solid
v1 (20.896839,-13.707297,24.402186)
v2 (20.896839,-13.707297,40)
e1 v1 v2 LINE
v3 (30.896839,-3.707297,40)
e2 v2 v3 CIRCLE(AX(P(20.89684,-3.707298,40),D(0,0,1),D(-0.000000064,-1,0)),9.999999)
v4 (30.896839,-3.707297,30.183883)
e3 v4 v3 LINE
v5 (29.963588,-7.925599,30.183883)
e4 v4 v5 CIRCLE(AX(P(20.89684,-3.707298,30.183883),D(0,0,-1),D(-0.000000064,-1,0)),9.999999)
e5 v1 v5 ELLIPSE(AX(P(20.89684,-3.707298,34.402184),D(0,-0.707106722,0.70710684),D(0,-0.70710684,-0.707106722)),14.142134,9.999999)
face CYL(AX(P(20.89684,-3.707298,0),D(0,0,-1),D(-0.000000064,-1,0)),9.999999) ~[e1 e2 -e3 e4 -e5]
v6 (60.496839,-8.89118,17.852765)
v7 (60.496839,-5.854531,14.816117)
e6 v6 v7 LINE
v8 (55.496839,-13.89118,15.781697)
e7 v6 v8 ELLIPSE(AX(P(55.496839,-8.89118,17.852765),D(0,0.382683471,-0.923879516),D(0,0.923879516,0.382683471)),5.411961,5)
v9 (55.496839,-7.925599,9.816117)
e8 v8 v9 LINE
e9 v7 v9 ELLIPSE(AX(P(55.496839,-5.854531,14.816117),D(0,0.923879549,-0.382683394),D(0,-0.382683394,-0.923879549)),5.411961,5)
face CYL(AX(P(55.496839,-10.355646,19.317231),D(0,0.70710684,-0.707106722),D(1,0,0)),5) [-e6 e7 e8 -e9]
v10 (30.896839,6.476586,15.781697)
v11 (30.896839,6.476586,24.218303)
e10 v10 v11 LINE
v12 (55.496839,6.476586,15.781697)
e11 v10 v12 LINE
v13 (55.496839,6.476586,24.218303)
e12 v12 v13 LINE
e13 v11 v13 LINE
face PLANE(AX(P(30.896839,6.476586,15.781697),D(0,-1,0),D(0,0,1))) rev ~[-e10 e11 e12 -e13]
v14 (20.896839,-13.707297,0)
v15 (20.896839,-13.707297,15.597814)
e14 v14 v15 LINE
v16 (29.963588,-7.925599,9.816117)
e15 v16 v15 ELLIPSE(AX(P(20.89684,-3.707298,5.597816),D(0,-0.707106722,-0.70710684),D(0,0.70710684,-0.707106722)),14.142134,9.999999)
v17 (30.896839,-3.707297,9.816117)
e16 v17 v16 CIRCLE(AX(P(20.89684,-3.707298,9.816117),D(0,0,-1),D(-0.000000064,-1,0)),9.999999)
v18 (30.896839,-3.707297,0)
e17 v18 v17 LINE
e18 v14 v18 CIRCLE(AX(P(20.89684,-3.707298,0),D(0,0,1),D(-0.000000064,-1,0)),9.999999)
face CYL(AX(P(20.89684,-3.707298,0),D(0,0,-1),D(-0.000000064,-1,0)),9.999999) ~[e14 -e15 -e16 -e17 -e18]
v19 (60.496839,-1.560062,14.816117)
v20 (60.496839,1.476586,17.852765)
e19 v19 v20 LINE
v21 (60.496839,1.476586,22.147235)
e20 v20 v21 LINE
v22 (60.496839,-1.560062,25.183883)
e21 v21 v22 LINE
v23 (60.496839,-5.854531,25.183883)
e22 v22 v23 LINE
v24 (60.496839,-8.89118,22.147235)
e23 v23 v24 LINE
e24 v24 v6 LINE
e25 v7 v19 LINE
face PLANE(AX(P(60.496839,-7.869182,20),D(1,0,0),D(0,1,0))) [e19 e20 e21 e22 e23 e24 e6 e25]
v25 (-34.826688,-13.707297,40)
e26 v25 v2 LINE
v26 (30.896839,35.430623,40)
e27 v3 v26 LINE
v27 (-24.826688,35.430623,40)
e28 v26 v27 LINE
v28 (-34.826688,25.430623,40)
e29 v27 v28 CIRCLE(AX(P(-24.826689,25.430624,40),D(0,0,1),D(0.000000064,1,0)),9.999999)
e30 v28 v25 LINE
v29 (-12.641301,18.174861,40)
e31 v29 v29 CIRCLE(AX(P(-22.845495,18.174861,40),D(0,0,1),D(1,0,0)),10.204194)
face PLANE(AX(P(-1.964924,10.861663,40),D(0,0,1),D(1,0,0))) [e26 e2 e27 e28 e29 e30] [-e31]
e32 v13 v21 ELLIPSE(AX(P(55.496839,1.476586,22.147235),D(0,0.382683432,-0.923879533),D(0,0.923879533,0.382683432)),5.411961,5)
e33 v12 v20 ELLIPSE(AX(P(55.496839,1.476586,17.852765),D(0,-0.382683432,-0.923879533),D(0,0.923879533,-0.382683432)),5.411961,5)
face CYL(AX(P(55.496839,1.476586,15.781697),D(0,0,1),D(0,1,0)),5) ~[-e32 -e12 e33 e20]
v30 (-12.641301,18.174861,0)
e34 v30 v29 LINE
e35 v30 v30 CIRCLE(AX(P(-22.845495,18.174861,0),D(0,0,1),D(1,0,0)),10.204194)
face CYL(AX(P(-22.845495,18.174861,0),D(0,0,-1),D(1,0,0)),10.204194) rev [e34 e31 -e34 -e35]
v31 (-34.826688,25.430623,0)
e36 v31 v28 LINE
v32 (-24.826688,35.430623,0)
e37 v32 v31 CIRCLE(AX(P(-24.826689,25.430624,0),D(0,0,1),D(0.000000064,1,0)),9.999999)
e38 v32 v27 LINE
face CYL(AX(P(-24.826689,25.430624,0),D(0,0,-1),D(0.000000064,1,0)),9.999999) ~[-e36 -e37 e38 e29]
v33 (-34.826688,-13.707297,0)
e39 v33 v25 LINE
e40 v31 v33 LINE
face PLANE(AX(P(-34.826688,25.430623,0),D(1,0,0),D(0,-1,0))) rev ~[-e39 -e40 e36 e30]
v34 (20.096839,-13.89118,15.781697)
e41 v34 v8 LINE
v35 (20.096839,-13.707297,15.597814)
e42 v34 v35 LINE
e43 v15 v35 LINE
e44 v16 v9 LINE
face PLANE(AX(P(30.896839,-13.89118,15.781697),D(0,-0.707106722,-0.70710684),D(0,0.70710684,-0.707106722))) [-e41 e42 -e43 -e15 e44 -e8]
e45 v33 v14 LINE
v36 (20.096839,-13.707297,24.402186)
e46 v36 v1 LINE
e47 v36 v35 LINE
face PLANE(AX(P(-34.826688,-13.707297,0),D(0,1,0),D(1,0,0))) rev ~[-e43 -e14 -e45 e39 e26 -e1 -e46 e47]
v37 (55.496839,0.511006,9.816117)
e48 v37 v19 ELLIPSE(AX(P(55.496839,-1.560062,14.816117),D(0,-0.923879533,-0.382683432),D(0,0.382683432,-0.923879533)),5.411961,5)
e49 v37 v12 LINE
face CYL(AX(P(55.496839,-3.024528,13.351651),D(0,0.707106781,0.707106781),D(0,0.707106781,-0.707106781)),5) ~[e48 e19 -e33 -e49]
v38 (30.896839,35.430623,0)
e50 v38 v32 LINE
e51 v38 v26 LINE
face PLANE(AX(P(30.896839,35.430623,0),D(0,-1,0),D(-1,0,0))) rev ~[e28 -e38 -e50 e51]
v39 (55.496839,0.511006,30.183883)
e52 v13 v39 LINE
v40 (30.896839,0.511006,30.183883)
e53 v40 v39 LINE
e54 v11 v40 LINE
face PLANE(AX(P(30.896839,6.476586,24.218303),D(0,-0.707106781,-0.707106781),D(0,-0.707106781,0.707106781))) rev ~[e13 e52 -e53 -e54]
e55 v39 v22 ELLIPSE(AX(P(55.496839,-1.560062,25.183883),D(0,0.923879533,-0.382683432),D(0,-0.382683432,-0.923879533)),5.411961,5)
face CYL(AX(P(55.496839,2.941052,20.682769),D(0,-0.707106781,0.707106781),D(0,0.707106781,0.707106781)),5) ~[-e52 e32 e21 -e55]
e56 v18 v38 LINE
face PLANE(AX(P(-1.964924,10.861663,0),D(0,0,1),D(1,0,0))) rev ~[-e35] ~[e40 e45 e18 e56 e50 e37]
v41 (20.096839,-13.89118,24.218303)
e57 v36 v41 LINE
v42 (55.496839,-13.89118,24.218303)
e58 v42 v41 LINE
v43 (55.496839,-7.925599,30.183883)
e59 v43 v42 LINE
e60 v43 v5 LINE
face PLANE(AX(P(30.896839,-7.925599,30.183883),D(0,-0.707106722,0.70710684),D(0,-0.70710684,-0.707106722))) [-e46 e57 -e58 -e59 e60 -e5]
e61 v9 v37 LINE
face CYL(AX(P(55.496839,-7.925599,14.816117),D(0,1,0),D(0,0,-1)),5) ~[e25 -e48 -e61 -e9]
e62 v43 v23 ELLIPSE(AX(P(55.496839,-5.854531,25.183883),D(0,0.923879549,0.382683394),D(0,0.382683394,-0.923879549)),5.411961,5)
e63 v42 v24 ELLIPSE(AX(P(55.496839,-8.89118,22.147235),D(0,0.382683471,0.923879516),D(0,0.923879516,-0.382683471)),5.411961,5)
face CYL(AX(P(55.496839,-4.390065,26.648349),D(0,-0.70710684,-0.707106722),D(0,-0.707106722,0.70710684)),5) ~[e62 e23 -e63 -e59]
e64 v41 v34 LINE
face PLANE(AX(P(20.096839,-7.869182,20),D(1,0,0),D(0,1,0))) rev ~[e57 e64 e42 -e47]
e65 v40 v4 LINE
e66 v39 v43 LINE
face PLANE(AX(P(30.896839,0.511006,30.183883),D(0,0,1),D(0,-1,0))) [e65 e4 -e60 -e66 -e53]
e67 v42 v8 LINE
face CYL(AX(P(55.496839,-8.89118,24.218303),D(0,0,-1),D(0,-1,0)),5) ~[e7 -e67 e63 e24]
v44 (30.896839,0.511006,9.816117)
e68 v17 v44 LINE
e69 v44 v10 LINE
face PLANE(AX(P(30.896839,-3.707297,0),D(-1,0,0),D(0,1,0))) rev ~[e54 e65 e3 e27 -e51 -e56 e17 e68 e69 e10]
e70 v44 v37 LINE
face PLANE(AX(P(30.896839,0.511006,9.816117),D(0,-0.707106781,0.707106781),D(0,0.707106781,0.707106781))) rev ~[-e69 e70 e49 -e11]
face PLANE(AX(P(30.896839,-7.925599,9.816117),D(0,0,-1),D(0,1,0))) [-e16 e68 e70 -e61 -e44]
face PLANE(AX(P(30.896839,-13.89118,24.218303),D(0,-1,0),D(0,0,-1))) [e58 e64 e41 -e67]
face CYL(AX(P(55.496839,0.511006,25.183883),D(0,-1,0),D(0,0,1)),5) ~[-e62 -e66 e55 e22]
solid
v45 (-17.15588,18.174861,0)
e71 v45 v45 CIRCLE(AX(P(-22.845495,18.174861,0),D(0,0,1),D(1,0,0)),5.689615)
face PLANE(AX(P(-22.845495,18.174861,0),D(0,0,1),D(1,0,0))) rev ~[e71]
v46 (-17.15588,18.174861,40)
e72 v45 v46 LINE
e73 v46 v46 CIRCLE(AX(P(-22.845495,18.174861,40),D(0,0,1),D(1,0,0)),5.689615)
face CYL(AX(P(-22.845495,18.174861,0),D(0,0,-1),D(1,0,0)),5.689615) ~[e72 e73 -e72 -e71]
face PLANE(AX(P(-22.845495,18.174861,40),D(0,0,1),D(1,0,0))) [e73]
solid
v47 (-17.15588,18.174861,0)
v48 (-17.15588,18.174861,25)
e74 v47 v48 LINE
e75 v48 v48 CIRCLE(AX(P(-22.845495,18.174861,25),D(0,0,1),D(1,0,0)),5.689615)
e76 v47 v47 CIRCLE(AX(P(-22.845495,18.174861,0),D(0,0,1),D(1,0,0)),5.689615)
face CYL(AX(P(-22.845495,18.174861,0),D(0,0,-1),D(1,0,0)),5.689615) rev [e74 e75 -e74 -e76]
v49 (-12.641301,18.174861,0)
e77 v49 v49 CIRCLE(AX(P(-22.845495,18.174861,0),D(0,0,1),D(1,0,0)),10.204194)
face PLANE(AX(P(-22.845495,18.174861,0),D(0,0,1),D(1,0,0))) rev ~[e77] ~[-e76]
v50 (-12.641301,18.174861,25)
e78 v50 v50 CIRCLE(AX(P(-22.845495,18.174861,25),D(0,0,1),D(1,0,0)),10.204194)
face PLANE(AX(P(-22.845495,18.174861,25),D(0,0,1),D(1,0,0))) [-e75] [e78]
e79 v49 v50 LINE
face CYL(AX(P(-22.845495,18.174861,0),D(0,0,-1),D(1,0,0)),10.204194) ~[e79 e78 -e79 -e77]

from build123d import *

# Parameters (mm, degrees)
F0_R          = 10.204194
F0_R_2        = 5.689615
F1_DEPTH      = 40
F2_DEPTH      = 25
F4_DEPTH      = 29.6
F4_DEPTH_BACK = 10.8
F5_R          = 5


with BuildPart() as f1:
    # F0 (on Top) → F1 (new body)
    with BuildSketch(Plane.XY):
        with BuildLine():
            Line((30.896839, 35.430623), (-24.826688, 35.430623))
            ThreePointArc((-24.826688, 35.430623), (-31.897756, 32.501691), (-34.826688, 25.430623))
            Line((-34.826688, 25.430623), (-34.826688, -13.707297))
            Line((-34.826688, -13.707297), (20.896839, -13.707297))
            ThreePointArc((20.896839, -13.707297), (27.967907, -10.778365), (30.896839, -3.707297))
            Line((30.896839, -3.707297), (30.896839, 35.430623))
        make_face()
        with Locations((-22.845495, 18.174861)):
            Circle(F0_R, mode=Mode.SUBTRACT)
        with Locations((-22.845495, 18.174861)):
            Circle(F0_R_2)
    extrude(amount=F1_DEPTH)

    # F3 (on face) → F4 (join, two sides)
    with BuildSketch(Plane.YZ.offset(30.896839)) as f4_sk:
        Polygon((-13.89118, 24.218303), (-13.89118, 15.781697), (-7.925599, 9.816117), (-3.707297, 9.816117), (-3.707297, 30.183883), (-7.925599, 30.183883), align=None)
        Polygon((-3.707297, 30.183883), (-3.707297, 9.816117), (0.511006, 9.816117), (6.476586, 15.781697), (6.476586, 24.218303), (0.511006, 30.183883), align=None)
    extrude(amount=F4_DEPTH)
    extrude(f4_sk.sketch, amount=-F4_DEPTH_BACK)

    # F5
    f5_edges = [f1.edges().sort_by_distance(p)[0] for p in [
        (60.496839, -10.90839, 12.798907),
        (60.496839, -3.707297, 9.816117),
        (60.496839, -13.89118, 20),
        (60.496839, -10.90839, 27.201093),
        (60.496839, -3.707297, 30.183883),
        (60.496839, 3.493796, 12.798907),
        (60.496839, 6.476586, 20),
        (60.496839, 3.493796, 27.201093),
    ]]
    fillet(f5_edges, radius=F5_R)


with BuildPart() as f2:
    # F0 (on Top) → F2 (new body)
    with BuildSketch(Plane.XY):
        with Locations((-22.845495, 18.174861)):
            Circle(F0_R)
        with Locations((-22.845495, 18.174861)):
            Circle(F0_R_2, mode=Mode.SUBTRACT)
    extrude(amount=F2_DEPTH)


solid = Compound([f1.part, f2.part])
